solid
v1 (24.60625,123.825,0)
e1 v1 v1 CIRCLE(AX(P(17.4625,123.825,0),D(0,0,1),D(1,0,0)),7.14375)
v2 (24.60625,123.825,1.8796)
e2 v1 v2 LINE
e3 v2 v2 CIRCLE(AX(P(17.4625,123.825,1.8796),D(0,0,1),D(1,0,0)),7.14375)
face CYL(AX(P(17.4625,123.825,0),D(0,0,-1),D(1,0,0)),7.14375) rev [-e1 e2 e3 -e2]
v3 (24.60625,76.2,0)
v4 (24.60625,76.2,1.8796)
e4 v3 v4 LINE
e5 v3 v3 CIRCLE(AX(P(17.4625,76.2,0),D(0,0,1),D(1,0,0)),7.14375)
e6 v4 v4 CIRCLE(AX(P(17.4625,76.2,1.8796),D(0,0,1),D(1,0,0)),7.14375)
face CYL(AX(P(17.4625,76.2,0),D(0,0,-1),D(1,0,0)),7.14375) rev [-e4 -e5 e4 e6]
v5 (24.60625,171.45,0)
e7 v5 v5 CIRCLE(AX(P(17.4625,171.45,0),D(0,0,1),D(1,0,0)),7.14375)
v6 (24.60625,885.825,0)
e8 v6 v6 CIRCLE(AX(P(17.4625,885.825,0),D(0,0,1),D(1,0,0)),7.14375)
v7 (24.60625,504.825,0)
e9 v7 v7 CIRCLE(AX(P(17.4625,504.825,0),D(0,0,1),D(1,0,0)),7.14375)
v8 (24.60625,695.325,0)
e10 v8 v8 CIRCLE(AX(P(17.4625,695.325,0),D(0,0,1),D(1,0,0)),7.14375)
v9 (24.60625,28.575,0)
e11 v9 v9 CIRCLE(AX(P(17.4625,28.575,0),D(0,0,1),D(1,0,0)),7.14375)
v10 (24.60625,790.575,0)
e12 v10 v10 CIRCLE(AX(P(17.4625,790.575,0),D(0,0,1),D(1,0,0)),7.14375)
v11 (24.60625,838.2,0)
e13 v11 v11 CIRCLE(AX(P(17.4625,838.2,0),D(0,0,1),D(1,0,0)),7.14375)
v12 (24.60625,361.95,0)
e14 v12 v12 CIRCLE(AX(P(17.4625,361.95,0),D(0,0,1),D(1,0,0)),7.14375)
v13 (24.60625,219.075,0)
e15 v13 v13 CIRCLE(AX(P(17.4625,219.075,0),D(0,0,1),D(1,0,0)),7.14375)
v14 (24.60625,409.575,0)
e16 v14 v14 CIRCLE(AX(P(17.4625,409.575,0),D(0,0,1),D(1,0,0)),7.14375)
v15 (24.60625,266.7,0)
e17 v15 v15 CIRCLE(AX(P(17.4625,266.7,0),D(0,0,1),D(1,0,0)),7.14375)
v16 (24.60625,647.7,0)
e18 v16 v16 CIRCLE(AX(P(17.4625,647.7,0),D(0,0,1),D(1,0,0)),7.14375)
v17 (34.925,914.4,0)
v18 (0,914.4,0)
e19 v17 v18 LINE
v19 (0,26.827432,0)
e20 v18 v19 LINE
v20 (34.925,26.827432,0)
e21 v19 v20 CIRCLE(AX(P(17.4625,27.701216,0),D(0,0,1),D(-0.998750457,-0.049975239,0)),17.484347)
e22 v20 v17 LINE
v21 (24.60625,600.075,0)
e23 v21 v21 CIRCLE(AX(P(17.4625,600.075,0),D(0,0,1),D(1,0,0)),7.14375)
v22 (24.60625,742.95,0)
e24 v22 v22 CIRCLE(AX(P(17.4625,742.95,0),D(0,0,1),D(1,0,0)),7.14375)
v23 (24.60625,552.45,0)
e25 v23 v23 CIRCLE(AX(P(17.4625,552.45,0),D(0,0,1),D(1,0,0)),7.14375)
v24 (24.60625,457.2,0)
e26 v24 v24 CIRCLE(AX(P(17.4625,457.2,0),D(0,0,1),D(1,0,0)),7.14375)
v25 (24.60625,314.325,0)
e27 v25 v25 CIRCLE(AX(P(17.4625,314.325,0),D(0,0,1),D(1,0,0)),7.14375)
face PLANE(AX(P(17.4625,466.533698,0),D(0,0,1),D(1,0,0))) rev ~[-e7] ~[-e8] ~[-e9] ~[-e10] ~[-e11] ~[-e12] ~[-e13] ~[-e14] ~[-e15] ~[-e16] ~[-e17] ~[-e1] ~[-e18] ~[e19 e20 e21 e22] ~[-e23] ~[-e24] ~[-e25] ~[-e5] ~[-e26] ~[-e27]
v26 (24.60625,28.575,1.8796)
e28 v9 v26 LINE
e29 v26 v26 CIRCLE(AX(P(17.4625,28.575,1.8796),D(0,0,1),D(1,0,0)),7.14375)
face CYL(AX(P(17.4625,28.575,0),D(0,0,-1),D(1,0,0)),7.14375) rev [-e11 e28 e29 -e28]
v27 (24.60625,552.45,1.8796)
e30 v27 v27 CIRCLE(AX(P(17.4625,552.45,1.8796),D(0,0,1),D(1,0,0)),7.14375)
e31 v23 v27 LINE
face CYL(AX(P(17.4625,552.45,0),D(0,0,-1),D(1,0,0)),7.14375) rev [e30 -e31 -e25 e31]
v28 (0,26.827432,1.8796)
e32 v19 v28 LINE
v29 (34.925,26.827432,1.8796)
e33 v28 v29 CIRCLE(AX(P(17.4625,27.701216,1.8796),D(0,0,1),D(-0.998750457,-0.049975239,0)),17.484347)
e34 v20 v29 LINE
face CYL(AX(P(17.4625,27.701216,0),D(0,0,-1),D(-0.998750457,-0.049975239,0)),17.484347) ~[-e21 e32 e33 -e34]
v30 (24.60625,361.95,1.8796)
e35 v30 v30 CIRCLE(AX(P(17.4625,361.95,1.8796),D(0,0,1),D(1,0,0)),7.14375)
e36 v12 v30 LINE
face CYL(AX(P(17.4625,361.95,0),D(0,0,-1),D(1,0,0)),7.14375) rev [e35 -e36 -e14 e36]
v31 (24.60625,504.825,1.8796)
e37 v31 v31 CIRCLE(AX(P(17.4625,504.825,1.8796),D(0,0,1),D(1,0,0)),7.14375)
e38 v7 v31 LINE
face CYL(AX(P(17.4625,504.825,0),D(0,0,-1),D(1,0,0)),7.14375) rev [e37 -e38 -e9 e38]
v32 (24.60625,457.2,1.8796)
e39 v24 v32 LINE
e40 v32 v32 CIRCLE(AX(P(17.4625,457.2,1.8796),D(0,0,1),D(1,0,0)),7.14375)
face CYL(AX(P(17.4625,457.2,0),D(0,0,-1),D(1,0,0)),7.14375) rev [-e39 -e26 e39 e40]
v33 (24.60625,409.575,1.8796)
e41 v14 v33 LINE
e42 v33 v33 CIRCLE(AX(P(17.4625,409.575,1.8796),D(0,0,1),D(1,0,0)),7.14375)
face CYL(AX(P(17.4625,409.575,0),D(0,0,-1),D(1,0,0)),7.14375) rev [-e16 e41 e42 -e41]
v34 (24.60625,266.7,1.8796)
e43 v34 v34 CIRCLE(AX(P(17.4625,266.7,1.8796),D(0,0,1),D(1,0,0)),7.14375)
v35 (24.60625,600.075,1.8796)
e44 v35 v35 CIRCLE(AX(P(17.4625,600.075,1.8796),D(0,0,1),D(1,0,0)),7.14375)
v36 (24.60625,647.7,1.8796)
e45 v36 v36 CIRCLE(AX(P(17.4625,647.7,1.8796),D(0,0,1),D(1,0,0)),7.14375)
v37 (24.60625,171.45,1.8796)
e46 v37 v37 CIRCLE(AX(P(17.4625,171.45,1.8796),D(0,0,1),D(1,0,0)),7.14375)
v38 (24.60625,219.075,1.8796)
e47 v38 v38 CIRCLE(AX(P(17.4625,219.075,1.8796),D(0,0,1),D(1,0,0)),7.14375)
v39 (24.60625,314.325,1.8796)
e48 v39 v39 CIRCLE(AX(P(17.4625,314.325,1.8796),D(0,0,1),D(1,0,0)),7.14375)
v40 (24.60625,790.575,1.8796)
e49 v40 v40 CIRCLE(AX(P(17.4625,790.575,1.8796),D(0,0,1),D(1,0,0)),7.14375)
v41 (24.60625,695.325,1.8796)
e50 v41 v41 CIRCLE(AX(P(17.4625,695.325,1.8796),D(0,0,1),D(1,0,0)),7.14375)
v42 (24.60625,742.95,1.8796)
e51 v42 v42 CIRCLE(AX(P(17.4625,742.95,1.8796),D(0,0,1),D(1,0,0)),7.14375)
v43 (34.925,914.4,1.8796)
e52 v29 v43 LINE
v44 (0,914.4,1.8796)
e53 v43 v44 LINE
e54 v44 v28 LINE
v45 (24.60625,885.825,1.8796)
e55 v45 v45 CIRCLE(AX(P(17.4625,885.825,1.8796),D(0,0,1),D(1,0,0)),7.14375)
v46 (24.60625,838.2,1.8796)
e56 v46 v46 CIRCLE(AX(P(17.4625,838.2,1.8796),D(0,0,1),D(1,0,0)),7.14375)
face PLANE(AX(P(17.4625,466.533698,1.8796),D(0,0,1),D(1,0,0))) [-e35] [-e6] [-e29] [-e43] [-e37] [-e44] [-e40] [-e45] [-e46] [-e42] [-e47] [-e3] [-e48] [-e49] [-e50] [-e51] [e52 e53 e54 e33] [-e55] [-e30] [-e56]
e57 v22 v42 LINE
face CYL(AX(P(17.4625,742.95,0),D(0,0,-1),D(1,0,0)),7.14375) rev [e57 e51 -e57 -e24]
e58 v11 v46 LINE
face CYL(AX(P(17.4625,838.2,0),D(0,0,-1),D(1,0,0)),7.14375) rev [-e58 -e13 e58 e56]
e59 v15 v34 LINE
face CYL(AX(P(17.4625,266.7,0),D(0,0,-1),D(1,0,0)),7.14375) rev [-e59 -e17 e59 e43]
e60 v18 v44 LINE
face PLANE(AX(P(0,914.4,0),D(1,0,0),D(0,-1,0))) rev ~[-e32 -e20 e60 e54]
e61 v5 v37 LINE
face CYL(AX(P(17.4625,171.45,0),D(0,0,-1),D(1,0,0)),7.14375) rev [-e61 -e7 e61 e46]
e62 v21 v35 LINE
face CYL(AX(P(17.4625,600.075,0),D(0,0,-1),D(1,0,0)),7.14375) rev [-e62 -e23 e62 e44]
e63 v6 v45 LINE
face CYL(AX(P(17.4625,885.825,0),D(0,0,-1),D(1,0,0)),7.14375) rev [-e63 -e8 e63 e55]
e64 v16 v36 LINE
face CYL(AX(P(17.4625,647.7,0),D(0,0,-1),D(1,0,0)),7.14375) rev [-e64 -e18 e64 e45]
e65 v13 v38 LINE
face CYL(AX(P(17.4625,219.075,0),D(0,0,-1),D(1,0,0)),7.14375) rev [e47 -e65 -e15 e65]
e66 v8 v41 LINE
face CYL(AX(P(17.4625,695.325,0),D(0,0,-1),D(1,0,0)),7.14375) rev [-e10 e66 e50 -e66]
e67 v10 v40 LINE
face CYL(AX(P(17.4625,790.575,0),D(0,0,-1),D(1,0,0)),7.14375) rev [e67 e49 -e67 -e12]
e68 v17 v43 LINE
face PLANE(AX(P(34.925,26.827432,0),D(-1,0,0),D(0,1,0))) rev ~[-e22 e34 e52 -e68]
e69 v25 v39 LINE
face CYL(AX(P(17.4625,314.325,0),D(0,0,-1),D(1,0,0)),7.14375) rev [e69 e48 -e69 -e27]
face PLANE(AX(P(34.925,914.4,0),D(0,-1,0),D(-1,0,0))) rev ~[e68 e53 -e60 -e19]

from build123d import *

# Parameters (mm, degrees)
F0_R     = 7.14375
F1_DEPTH = 1.8796


with BuildPart() as f1:
    # F0 (on Top) → F1 (new body)
    with BuildSketch(Plane.XY):
        with BuildLine():
            Line((0, 28.575), (0, 26.827432))
            ThreePointArc((0, 26.827432), (17.4625, 10.216869), (34.925, 26.827432))
            Line((34.925, 26.827432), (34.925, 28.575))
            Line((34.925, 28.575), (34.925, 914.4))
            Line((34.925, 914.4), (0, 914.4))
            Line((0, 914.4), (0, 28.575))
        make_face()
        with Locations((17.4625, 28.575)):
            Circle(F0_R, mode=Mode.SUBTRACT)
        with Locations((17.4625, 76.2)):
            Circle(F0_R, mode=Mode.SUBTRACT)
        with Locations((17.4625, 123.825)):
            Circle(F0_R, mode=Mode.SUBTRACT)
        with Locations((17.4625, 171.45)):
            Circle(F0_R, mode=Mode.SUBTRACT)
        with Locations((17.4625, 219.075)):
            Circle(F0_R, mode=Mode.SUBTRACT)
        with Locations((17.4625, 266.7)):
            Circle(F0_R, mode=Mode.SUBTRACT)
        with Locations((17.4625, 314.325)):
            Circle(F0_R, mode=Mode.SUBTRACT)
        with Locations((17.4625, 361.95)):
            Circle(F0_R, mode=Mode.SUBTRACT)
        with Locations((17.4625, 409.575)):
            Circle(F0_R, mode=Mode.SUBTRACT)
        with Locations((17.4625, 457.2)):
            Circle(F0_R, mode=Mode.SUBTRACT)
        with Locations((17.4625, 504.825)):
            Circle(F0_R, mode=Mode.SUBTRACT)
        with Locations((17.4625, 552.45)):
            Circle(F0_R, mode=Mode.SUBTRACT)
        with Locations((17.4625, 600.075)):
            Circle(F0_R, mode=Mode.SUBTRACT)
        with Locations((17.4625, 647.7)):
            Circle(F0_R, mode=Mode.SUBTRACT)
        with Locations((17.4625, 695.325)):
            Circle(F0_R, mode=Mode.SUBTRACT)
        with Locations((17.4625, 742.95)):
            Circle(F0_R, mode=Mode.SUBTRACT)
        with Locations((17.4625, 790.575)):
            Circle(F0_R, mode=Mode.SUBTRACT)
        with Locations((17.4625, 838.2)):
            Circle(F0_R, mode=Mode.SUBTRACT)
        with Locations((17.4625, 885.825)):
            Circle(F0_R, mode=Mode.SUBTRACT)
    extrude(amount=F1_DEPTH)


solid = f1.part
